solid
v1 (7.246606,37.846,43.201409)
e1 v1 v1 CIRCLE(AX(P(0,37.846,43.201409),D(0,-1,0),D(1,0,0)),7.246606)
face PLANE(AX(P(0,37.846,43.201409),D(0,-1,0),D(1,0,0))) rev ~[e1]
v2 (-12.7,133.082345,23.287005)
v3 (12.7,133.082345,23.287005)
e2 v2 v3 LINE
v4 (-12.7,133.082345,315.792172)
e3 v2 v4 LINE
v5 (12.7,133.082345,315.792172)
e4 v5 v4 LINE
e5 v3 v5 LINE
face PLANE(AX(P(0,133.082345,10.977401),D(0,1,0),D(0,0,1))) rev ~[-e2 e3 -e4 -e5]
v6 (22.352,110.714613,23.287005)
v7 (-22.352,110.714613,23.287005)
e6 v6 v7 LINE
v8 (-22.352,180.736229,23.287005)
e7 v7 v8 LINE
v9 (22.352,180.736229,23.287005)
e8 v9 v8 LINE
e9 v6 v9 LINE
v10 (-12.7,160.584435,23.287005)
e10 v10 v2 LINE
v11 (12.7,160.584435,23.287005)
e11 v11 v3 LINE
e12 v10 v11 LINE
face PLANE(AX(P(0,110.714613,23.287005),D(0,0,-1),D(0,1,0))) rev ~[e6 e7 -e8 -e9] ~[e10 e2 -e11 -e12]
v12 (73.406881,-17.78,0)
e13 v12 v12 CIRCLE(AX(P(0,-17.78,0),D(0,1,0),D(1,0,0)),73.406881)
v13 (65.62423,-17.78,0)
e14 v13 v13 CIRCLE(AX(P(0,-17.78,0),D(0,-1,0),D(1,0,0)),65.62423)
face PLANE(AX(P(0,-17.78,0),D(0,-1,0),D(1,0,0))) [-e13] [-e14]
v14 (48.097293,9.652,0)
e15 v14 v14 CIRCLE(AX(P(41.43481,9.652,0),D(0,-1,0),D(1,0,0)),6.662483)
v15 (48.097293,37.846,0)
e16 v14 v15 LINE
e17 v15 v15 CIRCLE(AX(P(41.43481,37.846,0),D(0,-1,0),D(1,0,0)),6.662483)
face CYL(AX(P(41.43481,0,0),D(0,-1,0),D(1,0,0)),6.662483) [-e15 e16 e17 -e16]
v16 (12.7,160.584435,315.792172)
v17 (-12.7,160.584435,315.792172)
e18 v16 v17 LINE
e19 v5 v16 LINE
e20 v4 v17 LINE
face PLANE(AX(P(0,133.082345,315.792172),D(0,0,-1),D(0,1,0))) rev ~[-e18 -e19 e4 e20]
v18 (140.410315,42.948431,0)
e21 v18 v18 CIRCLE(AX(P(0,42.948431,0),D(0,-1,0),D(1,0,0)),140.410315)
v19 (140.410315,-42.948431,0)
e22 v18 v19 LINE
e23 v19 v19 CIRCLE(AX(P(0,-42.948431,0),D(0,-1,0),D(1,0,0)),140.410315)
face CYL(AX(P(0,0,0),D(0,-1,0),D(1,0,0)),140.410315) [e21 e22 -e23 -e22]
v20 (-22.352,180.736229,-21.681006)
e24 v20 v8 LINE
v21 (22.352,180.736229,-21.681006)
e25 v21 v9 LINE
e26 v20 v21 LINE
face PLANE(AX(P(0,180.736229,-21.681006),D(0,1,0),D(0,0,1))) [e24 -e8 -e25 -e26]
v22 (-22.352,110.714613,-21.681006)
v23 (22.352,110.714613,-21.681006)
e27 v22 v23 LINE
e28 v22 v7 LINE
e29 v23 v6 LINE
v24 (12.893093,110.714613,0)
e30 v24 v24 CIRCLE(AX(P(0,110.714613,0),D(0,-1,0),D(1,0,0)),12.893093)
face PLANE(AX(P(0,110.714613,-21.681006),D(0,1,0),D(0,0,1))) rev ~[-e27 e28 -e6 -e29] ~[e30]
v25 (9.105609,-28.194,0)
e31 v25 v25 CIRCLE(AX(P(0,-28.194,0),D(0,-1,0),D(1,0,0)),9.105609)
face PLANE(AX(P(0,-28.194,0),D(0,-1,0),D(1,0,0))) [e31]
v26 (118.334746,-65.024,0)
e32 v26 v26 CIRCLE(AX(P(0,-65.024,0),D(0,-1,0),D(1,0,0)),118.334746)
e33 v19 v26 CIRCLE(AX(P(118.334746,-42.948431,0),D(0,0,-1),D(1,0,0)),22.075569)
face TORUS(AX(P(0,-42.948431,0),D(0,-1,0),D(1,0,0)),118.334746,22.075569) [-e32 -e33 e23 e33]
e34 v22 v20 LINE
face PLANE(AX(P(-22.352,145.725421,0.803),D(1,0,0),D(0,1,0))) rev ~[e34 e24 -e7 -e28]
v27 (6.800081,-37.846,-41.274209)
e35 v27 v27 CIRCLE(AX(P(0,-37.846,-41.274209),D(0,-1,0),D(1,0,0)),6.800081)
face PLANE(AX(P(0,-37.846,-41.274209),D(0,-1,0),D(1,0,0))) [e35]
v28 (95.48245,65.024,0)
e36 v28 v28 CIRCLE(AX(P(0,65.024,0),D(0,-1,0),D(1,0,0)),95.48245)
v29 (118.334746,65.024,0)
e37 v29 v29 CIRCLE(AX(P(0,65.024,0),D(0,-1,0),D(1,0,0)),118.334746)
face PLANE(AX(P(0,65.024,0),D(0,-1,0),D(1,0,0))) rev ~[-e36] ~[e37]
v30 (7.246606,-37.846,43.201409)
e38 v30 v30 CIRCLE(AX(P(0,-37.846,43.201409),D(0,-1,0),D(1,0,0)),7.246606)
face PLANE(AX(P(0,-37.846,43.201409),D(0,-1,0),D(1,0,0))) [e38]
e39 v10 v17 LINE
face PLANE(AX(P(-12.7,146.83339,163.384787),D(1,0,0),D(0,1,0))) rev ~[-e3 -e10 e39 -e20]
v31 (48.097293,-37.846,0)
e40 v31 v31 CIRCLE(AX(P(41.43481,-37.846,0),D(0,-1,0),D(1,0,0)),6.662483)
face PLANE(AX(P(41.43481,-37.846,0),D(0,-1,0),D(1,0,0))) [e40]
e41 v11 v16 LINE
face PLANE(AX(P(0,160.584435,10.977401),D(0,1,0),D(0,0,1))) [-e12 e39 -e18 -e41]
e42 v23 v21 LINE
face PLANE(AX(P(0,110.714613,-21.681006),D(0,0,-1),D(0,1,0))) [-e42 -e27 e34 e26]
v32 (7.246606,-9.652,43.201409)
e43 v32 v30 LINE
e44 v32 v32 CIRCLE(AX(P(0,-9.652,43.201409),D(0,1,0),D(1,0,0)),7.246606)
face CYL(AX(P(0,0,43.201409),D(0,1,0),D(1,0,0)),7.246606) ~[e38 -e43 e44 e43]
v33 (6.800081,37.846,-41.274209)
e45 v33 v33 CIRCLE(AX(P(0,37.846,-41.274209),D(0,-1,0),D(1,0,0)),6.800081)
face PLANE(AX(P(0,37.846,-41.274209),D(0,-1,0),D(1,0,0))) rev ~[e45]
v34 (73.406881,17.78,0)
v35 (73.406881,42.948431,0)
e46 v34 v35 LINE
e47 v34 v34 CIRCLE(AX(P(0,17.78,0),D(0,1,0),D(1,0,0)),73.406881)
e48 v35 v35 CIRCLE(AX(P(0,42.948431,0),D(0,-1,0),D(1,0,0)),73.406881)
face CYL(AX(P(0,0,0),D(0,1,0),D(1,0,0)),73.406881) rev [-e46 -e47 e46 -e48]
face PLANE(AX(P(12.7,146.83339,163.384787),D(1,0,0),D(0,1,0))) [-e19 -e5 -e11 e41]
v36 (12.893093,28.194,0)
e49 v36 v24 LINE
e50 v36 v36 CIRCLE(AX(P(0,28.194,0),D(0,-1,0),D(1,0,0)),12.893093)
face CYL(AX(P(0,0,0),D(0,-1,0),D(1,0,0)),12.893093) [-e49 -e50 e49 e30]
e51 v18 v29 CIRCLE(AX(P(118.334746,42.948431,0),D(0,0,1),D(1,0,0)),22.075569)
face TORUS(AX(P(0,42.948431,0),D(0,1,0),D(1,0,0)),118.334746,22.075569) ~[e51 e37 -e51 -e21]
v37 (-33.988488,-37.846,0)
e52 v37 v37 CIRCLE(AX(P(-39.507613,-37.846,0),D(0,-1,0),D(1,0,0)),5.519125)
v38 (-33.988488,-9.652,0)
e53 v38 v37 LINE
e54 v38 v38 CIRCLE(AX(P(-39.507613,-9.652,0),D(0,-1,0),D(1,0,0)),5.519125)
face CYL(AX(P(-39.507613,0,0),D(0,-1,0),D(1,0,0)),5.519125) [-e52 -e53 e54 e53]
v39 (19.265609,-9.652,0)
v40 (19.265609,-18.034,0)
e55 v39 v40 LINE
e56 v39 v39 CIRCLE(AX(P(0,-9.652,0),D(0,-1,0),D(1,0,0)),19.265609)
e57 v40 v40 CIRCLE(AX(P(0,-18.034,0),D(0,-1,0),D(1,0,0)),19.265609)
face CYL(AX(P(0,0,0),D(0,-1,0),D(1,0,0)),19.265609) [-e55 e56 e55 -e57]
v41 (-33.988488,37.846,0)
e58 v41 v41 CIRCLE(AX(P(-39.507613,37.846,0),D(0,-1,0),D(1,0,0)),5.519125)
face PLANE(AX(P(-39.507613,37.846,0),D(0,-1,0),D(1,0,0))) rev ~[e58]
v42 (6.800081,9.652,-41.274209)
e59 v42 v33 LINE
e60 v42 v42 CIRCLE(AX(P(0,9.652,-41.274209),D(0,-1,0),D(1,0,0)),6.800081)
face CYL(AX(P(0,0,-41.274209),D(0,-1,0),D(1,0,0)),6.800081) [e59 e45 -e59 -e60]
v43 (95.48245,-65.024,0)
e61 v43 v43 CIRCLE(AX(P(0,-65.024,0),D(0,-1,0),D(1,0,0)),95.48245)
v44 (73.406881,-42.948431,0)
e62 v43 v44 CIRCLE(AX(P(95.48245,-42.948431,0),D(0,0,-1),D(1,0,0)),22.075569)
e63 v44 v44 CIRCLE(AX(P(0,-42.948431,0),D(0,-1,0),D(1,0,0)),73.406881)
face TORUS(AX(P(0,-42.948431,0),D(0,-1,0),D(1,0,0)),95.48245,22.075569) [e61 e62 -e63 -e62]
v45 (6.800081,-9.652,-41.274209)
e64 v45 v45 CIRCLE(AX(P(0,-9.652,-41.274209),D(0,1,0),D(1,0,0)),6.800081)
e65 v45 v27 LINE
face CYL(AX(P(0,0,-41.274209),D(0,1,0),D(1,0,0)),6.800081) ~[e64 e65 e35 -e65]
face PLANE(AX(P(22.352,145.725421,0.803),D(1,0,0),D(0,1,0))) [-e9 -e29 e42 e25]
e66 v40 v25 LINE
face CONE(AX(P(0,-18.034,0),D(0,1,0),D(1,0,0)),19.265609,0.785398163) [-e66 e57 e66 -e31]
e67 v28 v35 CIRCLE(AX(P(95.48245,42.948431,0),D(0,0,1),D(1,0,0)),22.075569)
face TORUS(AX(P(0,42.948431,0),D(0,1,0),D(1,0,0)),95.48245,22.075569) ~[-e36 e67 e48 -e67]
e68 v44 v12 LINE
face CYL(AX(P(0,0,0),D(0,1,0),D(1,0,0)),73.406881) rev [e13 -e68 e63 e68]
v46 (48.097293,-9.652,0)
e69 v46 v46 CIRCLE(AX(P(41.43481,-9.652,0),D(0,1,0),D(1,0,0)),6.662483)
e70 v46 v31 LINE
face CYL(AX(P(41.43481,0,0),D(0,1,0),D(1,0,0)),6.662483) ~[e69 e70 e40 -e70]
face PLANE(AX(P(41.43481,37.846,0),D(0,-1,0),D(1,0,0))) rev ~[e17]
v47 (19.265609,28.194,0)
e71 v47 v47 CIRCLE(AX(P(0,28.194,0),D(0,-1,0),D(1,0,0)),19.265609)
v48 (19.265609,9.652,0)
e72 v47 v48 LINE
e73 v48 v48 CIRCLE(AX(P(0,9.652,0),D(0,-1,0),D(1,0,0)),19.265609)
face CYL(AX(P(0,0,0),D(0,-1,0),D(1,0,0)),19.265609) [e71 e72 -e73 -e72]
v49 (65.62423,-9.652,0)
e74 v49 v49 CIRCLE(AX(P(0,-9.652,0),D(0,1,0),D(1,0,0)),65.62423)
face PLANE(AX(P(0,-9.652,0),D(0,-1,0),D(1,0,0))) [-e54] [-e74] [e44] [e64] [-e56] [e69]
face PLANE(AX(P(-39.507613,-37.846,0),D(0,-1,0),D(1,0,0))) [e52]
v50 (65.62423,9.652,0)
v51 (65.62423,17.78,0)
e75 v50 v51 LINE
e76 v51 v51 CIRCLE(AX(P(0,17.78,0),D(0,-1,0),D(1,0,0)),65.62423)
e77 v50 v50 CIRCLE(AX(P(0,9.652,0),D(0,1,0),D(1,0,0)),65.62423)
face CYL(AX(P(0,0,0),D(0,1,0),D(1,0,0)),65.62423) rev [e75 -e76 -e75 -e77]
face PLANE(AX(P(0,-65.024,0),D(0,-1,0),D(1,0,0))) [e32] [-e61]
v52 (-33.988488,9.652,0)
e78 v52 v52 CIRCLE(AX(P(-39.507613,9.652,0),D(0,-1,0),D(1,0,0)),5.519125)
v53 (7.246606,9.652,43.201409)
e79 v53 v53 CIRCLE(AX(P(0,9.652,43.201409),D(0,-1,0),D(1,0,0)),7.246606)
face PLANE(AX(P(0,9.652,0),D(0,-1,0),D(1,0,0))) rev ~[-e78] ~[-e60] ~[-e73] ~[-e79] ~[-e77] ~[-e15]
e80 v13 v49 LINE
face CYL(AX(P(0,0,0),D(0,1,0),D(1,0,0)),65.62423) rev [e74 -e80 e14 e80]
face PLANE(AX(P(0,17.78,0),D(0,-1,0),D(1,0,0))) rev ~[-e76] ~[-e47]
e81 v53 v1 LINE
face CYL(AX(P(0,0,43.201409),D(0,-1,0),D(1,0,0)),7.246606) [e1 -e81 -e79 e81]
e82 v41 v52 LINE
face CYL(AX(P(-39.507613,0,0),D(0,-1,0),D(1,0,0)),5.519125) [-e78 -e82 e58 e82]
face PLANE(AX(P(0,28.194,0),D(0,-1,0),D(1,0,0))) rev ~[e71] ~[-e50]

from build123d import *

# Parameters (mm, degrees)
F0_R      = 19.265609
F1_DEPTH  = 28.194
F2_R      = 76.715917
F3_DEPTH  = 9.652
F4_SIZE   = 10.16
F5_R      = 76.623003
F5_R_2    = 65.62423
F6_DEPTH  = 17.78
F7_R      = 140.410315
F7_R_2    = 73.406881
F8_DEPTH  = 65.024
F9_R      = 22.075569
F10_R     = 7.246606
F10_R_2   = 6.662483
F10_R_3   = 6.800081
F10_R_4   = 5.519125
F11_DEPTH = 37.846
F12_R     = 12.893093
F13_DEPTH = 170.434
F14_W     = 70.021615
F14_H     = 44.968011
F15_DEPTH = 22.352
F16_W     = 27.50209
F16_H     = 304.814771
F17_DEPTH = 12.7


with BuildPart() as f1:
    # F0 (on Front) → F1 (new body, symmetric)
    with BuildSketch(Plane.XZ):
        Circle(F0_R)
    extrude(amount=F1_DEPTH, both=True)

    # F2 (on Front) → F3 (join, symmetric)
    with BuildSketch(Plane.XZ):
        Circle(F2_R)
    extrude(amount=F3_DEPTH, both=True)

    # F4
    f4_edges = [f1.edges().sort_by_distance(p)[0] for p in [
        (-19.265609, -28.194, 0),
    ]]
    chamfer(f4_edges, length=F4_SIZE)

    # F5 (on Front) → F6 (join, symmetric)
    with BuildSketch(Plane.XZ):
        Circle(F5_R)
        Circle(F5_R_2, mode=Mode.SUBTRACT)
    extrude(amount=F6_DEPTH, both=True)

    # F7 (on Front) → F8 (join, symmetric)
    with BuildSketch(Plane.XZ):
        Circle(F7_R)
        Circle(F7_R_2, mode=Mode.SUBTRACT)
    extrude(amount=F8_DEPTH, both=True)

    # F9
    f9_edges = [f1.edges().sort_by_distance(p)[0] for p in [
        (-140.410315, 65.024, 0),
        (-73.406881, 65.024, 0),
        (-140.410315, -65.024, 0),
        (-73.406881, -65.024, 0),
    ]]
    fillet(f9_edges, radius=F9_R)

    # F10 (on Front) → F11 (join, symmetric)
    with BuildSketch(Plane.XZ):
        with Locations((0, 43.201409)):
            Circle(F10_R)
        with Locations((41.43481, 0)):
            Circle(F10_R_2)
        with Locations((0, -41.274209)):
            Circle(F10_R_3)
        with Locations((-39.507613, 0)):
            Circle(F10_R_4)
    extrude(amount=F11_DEPTH, both=True)

    # F12 (on Front) → F13 (join)
    with BuildSketch(Plane.XZ):
        Circle(F12_R)
    extrude(amount=-F13_DEPTH)

    # F14 (on Right) → F15 (join, symmetric)
    with BuildSketch(Plane.YZ):
        with Locations((145.725421, 0.803)):
            Rectangle(F14_W, F14_H)
    extrude(amount=F15_DEPTH, both=True)

    # F16 (on Right) → F17 (join, symmetric)
    with BuildSketch(Plane.YZ):
        with Locations((146.83339, 163.384787)):
            Rectangle(F16_W, F16_H)
    extrude(amount=F17_DEPTH, both=True)


solid = f1.part
